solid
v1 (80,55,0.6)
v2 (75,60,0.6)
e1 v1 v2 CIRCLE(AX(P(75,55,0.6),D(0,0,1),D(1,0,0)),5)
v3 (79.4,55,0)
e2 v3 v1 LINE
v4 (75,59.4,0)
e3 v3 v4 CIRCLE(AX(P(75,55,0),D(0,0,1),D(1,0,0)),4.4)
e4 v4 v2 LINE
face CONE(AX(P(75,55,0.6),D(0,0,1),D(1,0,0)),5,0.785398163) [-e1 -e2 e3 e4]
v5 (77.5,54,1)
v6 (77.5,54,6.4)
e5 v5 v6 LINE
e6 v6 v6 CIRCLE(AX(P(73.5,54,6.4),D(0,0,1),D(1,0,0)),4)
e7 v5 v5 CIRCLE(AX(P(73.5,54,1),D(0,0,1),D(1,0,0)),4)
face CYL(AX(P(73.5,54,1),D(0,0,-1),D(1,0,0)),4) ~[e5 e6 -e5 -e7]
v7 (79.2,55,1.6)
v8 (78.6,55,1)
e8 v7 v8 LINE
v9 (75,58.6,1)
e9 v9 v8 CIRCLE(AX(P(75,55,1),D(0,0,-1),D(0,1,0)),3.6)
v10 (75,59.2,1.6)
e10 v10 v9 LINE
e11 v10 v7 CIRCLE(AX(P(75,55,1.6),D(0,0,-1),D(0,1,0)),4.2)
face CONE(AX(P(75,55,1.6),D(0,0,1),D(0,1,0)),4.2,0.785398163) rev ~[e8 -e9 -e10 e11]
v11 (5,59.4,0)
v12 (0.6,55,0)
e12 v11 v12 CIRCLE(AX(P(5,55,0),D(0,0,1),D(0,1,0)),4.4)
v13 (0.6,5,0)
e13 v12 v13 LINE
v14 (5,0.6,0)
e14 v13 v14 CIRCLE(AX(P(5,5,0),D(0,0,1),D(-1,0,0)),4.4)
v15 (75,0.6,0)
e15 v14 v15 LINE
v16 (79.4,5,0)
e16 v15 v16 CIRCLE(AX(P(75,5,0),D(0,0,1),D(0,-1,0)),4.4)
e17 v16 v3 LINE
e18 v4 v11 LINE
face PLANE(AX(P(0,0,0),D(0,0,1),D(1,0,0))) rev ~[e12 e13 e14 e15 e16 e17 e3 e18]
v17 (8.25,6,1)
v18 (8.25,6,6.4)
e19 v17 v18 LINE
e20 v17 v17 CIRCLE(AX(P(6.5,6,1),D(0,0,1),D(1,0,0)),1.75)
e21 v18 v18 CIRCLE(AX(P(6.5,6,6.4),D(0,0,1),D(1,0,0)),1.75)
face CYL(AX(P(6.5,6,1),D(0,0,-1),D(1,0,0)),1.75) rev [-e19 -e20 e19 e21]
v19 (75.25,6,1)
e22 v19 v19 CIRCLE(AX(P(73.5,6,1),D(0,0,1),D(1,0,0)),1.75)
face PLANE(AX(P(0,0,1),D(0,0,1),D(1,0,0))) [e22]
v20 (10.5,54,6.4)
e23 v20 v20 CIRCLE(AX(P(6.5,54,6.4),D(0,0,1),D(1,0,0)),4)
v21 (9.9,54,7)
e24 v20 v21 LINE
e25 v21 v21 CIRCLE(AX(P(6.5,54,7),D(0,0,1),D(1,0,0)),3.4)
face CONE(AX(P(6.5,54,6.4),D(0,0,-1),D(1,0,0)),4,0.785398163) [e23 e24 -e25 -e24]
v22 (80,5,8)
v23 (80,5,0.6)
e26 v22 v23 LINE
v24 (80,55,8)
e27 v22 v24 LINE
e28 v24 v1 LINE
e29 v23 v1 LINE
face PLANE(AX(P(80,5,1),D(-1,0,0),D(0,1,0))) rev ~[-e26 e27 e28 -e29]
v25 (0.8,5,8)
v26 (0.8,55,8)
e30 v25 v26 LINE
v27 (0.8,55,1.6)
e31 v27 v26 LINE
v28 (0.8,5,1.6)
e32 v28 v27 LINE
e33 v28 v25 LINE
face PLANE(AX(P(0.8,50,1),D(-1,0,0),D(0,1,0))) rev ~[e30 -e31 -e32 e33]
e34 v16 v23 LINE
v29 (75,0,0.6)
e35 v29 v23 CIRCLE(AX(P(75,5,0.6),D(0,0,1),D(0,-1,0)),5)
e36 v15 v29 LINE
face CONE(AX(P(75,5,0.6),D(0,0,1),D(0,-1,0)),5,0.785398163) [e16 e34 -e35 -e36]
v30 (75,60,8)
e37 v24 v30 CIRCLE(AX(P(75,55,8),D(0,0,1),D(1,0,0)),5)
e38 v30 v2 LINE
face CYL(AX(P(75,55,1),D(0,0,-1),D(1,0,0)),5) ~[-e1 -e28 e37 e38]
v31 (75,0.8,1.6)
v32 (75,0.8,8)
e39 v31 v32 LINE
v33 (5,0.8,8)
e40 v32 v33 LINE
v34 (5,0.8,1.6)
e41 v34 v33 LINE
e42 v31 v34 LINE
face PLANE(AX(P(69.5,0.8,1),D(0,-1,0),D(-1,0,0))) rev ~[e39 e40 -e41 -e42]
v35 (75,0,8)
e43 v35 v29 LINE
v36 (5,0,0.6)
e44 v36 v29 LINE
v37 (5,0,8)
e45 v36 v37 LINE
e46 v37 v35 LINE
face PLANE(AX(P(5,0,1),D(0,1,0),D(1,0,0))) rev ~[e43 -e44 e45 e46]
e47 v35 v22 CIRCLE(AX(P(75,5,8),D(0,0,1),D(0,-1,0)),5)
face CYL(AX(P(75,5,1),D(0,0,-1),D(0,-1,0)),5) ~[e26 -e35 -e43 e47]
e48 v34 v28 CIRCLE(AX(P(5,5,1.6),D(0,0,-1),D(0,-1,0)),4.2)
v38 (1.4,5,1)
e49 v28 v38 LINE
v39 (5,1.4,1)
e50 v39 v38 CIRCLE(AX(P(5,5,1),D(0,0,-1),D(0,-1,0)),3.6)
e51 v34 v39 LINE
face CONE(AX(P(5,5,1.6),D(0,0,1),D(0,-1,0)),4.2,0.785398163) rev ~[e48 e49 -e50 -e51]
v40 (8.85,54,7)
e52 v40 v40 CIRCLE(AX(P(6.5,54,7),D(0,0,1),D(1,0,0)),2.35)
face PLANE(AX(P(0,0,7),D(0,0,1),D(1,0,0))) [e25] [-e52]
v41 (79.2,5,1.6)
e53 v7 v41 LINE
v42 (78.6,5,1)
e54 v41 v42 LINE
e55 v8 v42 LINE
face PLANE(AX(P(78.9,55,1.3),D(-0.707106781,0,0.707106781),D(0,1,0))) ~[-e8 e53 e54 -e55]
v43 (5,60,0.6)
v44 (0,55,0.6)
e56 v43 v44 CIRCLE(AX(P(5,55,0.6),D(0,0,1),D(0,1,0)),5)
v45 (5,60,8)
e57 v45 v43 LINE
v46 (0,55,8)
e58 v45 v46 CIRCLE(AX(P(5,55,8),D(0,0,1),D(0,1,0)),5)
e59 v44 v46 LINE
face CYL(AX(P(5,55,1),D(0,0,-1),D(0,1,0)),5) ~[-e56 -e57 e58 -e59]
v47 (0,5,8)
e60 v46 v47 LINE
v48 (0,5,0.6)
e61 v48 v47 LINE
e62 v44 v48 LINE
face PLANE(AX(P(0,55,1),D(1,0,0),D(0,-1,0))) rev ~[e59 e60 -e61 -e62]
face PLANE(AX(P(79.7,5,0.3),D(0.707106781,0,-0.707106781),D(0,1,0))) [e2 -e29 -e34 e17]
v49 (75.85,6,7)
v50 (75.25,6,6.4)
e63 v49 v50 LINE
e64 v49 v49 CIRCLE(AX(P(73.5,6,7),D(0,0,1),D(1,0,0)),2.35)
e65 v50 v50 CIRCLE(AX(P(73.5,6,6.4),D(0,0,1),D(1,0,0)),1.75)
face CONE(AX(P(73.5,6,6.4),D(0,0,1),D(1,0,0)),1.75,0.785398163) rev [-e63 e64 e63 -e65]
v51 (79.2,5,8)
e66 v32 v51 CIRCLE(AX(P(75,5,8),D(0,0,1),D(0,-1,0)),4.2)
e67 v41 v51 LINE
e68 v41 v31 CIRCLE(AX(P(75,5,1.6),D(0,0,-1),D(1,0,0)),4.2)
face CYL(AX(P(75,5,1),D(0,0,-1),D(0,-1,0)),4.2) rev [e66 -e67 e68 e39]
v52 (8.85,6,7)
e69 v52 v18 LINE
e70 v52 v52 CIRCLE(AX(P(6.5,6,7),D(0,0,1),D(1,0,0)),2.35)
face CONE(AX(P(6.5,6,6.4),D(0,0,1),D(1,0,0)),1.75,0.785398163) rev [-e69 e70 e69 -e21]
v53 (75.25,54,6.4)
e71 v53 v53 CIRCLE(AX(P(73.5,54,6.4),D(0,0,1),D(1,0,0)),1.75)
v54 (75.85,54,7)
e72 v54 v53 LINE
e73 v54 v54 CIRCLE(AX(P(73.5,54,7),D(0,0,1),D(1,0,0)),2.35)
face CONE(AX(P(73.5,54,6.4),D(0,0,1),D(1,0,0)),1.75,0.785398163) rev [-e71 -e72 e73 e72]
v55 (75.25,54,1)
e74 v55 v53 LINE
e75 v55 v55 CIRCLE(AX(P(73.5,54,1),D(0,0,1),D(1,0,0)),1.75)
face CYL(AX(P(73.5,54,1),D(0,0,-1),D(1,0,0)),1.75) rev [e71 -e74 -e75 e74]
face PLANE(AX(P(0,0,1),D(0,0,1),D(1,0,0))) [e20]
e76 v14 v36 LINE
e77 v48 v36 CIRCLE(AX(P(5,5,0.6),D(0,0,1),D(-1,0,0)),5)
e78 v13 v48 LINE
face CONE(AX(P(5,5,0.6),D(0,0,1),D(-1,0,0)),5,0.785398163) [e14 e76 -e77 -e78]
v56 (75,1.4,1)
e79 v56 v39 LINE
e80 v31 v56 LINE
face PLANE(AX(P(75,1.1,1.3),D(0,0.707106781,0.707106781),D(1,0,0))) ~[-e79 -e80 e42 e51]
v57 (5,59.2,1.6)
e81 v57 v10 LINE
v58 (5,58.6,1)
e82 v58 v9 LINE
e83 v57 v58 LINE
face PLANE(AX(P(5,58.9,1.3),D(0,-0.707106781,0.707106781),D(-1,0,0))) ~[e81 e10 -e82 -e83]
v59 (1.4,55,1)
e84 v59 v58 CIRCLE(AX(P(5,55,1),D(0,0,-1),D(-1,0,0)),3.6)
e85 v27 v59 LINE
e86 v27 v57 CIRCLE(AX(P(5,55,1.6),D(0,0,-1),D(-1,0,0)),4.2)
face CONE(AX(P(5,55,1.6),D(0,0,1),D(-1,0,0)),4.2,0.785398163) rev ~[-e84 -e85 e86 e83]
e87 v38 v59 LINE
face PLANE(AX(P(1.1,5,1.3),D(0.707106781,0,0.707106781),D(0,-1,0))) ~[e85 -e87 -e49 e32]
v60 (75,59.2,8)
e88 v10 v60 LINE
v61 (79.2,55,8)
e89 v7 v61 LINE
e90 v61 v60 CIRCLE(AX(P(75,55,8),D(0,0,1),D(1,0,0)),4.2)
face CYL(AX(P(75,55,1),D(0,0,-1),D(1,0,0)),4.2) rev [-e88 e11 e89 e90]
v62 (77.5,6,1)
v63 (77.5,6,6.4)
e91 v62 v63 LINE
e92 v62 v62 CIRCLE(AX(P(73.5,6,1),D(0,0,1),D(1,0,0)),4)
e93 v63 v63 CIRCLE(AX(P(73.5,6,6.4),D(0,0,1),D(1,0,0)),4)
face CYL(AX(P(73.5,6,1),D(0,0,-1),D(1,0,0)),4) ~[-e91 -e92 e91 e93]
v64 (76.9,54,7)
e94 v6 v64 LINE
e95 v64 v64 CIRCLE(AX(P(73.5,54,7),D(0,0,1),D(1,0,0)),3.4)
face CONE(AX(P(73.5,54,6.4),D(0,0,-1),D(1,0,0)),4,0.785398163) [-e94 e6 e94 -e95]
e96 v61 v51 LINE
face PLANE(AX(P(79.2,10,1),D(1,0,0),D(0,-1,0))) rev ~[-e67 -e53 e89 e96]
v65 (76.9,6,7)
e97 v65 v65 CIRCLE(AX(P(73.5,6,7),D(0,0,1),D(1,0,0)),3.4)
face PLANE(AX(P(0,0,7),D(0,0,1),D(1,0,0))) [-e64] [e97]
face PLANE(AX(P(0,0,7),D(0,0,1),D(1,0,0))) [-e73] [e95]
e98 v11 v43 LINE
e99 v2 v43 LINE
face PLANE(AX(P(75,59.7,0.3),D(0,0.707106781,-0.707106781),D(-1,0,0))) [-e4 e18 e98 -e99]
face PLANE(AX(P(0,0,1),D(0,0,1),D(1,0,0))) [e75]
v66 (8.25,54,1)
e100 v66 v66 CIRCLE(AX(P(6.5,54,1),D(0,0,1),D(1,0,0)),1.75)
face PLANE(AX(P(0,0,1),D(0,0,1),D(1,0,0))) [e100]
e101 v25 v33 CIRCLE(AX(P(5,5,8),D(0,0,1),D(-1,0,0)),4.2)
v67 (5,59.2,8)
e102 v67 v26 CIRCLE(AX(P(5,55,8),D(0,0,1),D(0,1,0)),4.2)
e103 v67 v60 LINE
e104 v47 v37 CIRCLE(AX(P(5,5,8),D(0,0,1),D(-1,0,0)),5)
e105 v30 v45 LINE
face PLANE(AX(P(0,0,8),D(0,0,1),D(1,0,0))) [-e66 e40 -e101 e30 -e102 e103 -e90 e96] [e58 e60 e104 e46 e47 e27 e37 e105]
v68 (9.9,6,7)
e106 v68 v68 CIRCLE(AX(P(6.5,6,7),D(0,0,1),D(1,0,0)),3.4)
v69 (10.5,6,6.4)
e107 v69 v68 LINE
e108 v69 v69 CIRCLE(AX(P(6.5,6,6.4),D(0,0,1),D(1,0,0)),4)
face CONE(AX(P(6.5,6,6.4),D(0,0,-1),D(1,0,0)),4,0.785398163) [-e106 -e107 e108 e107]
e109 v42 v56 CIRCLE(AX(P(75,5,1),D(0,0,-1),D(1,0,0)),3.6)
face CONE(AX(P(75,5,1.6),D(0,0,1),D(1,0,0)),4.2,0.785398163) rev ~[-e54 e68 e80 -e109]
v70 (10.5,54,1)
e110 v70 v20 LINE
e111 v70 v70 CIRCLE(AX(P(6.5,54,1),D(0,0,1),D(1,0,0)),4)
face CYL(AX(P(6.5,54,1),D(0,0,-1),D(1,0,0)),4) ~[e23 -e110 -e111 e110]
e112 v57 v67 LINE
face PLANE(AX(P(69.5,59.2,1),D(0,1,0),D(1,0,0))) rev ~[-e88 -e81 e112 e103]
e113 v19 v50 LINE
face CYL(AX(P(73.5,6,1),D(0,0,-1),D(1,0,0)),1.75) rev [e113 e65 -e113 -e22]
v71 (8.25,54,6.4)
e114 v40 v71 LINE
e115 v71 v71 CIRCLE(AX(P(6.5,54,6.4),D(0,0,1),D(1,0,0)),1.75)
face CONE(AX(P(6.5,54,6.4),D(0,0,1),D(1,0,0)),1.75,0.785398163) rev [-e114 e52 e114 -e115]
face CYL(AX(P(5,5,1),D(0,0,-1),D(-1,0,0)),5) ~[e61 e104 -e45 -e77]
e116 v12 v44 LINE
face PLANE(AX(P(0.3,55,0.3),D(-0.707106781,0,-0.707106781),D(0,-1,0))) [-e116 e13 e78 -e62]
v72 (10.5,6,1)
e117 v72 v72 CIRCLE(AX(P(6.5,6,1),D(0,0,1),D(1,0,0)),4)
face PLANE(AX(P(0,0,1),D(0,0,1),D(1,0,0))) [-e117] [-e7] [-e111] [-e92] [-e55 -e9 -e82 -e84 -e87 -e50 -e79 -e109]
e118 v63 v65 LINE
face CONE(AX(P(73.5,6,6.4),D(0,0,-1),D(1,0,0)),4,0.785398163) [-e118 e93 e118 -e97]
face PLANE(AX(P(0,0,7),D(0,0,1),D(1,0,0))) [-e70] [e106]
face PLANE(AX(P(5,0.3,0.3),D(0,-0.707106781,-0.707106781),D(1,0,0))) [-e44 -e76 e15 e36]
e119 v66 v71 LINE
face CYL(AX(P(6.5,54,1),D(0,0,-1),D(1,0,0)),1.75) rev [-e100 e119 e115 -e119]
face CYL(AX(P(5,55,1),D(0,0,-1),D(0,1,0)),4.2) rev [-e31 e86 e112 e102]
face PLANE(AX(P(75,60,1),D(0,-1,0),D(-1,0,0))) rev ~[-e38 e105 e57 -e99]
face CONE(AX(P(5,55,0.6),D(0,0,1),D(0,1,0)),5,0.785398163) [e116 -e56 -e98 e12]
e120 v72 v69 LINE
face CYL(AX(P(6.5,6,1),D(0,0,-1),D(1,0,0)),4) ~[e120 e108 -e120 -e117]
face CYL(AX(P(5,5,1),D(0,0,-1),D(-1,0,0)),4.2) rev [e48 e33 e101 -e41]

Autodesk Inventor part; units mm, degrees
ref_plane "YZ Plane" through (0, 0, 0) normal (1, 0, 0) x (0, 1, 0)
ref_plane "XZ Plane" through (0, 0, 0) normal (0, 1, 0) x (-1, 0, 0)
ref_plane "XY Plane" through (0, 0, 0) normal (0, 0, 1) x (1, 0, 0)
sketch "Эскиз1" plane through (0, 0, 0) normal (0, 0, 1) x (1, 0, 0)
  line L0 (5, 0) -> (75, 0)
  line L1 (80, 5) -> (80, 55)
  line L2 (75, 60) -> (5, 60)
  line L3 (0, 55) -> (0, 5)
  arc A0 (5, 60) -> (0, 55) centre (5, 55) ccw
  arc A1 (80, 55) -> (75, 60) centre (75, 55) ccw
  arc A2 (0, 5) -> (5, 0) centre (5, 5) ccw
  arc A3 (75, 0) -> (80, 5) centre (75, 5) ccw
  point P0 (0, 0)
  point P1 (80, 60)
  point P2 (80, 0)
  point P3 (0, 60)
  dimension "d0" = 60
  dimension "d1" = 80
  dimension "d14" = 5
extrude "Выдавливание1" add sketch "Эскиз1" along normal blind 1
sketch "Эскиз2" plane through (0, 0, 1) normal (0, 0, 1) x (1, 0, 0)
  line L0 (80, 5) -> (80, 55) projected
  line L1 (75, 60) -> (5, 60) projected
  line L2 (0, 55) -> (0, 5) projected
  line L3 (5, 0) -> (75, 0) projected
  line L4 (0, 60) -> (0, 0) projected
  line L5 (0, 54) -> (80, 54) construction
  line L6 (80, 0) -> (80, 60) projected
  line L7 (0, 6) -> (80, 6) construction
  line L8 (6.5, 60) -> (6.5, 0) construction
  line L9 (0, 0) -> (80, 0) projected
  line L10 (80, 60) -> (0, 60) projected
  line L11 (73.5, 60) -> (73.5, 0) construction
  line L12 (0, 0) -> (80, 0) projected
  circle A0 centre (6.5, 54) radius 4
  circle A1 centre (73.5, 54) radius 4
  circle A2 centre (6.5, 6) radius 4
  circle A3 centre (73.5, 6) radius 4
  circle A4 centre (6.5, 54) radius 1.75
  circle A5 centre (73.5, 54) radius 1.75
  circle A6 centre (6.5, 6) radius 1.75
  circle A7 centre (73.5, 6) radius 1.75
  arc A8 (0, 5) -> (5, 0) centre (5, 5) ccw projected
  arc A9 (75, 0) -> (80, 5) centre (75, 5) ccw projected
  arc A10 (80, 55) -> (75, 60) centre (75, 55) ccw projected
  arc A11 (5, 60) -> (0, 55) centre (5, 55) ccw projected
  dimension "d4" = 48
  dimension "d5" = 67
  dimension "d6" = 6
  dimension "d7" = 6.5
  dimension "d8" = 8
  dimension "d10" = 3.5
extrude "Выдавливание2" add sketch "Эскиз2" along normal blind 6 contours A0 | A1 | A2 | A3
sketch "Эскиз3" plane through (0, 0, 1) normal (0, 0, 1) x (1, 0, 0)
  circle A0 centre (6.5, 6) radius 4 projected
  circle A1 centre (73.5, 54) radius 4 projected
  circle A2 centre (73.5, 6) radius 4 projected
  circle A3 centre (6.5, 54) radius 4 projected
  line L0 (0, 55) -> (0, 5) projected
  arc A4 (0, 5) -> (5, 0) centre (5, 5) ccw projected
  line L1 (5, 0) -> (75, 0) projected
  arc A5 (75, 0) -> (80, 5) centre (75, 5) ccw projected
  line L2 (80, 5) -> (80, 55) projected
  arc A6 (80, 55) -> (75, 60) centre (75, 55) ccw projected
  line L3 (75, 60) -> (5, 60) projected
  arc A7 (5, 60) -> (0, 55) centre (5, 55) ccw projected
  line L4 (5, 59.2) -> (75, 59.2)
  arc A8 (79.2, 55) -> (75, 59.2) centre (75, 55) ccw
  line L5 (79.2, 55) -> (79.2, 5)
  arc A9 (75, 0.8) -> (79.2, 5) centre (75, 5) ccw
  line L6 (75, 0.8) -> (5, 0.8)
  arc A10 (0.8, 5) -> (5, 0.8) centre (5, 5) ccw
  line L7 (0.8, 5) -> (0.8, 55)
  arc A11 (5, 59.2) -> (0.8, 55) centre (5, 55) ccw
  line L8 (6.5, 50) -> (0.8, 50)
  circle A12 centre (6.5, 54) radius 4 projected
  line L9 (10.5, 54) -> (10.5, 59.2)
  line L10 (0.8, 10) -> (6.5, 10)
  circle A13 centre (6.5, 6) radius 4 projected
  line L11 (10.5, 0.8) -> (10.5, 6)
  line L12 (69.5, 0.8) -> (69.5, 6)
  circle A14 centre (73.5, 6) radius 4 projected
  circle A15 centre (73.5, 6) radius 4 projected
  line L13 (73.5, 10) -> (79.2, 10)
  circle A16 centre (73.5, 54) radius 4 projected
  line L14 (73.5, 50) -> (79.2, 50)
  line L15 (69.5, 59.2) -> (69.5, 54)
  point P0 (0, 0)
  dimension "d15" = 0.8
extrude "Выдавливание3" add sketch "Эскиз3" along normal blind 7
chamfer "Фаска1" distance 0.6 angle 45 24 edges at (40, 0, 0) (78.5355, 1.4645, 0) (80, 30, 0) (78.5355, 58.5355, 0) (40, 60, 0) (1.4645, 58.5355, 0) (0, 30, 0) (1.4645, 1.4645, 0) (40, 59.2, 1) (2.0302, 57.9698, 1) (0.8, 30, 1) (2.0302, 2.0302, 1) (40, 0.8, 1) (77.9698, 2.0302, 1) (79.2, 30, 1) (77.9698, 57.9698, 1) (4.75, 6, 7) (2.5, 6, 7) (4.75, 54, 7) (2.5, 54, 7) (71.75, 54, 7) (69.5, 54, 7) (71.75, 6, 7) (69.5, 6, 7)
properties part number "Корпус платы"
